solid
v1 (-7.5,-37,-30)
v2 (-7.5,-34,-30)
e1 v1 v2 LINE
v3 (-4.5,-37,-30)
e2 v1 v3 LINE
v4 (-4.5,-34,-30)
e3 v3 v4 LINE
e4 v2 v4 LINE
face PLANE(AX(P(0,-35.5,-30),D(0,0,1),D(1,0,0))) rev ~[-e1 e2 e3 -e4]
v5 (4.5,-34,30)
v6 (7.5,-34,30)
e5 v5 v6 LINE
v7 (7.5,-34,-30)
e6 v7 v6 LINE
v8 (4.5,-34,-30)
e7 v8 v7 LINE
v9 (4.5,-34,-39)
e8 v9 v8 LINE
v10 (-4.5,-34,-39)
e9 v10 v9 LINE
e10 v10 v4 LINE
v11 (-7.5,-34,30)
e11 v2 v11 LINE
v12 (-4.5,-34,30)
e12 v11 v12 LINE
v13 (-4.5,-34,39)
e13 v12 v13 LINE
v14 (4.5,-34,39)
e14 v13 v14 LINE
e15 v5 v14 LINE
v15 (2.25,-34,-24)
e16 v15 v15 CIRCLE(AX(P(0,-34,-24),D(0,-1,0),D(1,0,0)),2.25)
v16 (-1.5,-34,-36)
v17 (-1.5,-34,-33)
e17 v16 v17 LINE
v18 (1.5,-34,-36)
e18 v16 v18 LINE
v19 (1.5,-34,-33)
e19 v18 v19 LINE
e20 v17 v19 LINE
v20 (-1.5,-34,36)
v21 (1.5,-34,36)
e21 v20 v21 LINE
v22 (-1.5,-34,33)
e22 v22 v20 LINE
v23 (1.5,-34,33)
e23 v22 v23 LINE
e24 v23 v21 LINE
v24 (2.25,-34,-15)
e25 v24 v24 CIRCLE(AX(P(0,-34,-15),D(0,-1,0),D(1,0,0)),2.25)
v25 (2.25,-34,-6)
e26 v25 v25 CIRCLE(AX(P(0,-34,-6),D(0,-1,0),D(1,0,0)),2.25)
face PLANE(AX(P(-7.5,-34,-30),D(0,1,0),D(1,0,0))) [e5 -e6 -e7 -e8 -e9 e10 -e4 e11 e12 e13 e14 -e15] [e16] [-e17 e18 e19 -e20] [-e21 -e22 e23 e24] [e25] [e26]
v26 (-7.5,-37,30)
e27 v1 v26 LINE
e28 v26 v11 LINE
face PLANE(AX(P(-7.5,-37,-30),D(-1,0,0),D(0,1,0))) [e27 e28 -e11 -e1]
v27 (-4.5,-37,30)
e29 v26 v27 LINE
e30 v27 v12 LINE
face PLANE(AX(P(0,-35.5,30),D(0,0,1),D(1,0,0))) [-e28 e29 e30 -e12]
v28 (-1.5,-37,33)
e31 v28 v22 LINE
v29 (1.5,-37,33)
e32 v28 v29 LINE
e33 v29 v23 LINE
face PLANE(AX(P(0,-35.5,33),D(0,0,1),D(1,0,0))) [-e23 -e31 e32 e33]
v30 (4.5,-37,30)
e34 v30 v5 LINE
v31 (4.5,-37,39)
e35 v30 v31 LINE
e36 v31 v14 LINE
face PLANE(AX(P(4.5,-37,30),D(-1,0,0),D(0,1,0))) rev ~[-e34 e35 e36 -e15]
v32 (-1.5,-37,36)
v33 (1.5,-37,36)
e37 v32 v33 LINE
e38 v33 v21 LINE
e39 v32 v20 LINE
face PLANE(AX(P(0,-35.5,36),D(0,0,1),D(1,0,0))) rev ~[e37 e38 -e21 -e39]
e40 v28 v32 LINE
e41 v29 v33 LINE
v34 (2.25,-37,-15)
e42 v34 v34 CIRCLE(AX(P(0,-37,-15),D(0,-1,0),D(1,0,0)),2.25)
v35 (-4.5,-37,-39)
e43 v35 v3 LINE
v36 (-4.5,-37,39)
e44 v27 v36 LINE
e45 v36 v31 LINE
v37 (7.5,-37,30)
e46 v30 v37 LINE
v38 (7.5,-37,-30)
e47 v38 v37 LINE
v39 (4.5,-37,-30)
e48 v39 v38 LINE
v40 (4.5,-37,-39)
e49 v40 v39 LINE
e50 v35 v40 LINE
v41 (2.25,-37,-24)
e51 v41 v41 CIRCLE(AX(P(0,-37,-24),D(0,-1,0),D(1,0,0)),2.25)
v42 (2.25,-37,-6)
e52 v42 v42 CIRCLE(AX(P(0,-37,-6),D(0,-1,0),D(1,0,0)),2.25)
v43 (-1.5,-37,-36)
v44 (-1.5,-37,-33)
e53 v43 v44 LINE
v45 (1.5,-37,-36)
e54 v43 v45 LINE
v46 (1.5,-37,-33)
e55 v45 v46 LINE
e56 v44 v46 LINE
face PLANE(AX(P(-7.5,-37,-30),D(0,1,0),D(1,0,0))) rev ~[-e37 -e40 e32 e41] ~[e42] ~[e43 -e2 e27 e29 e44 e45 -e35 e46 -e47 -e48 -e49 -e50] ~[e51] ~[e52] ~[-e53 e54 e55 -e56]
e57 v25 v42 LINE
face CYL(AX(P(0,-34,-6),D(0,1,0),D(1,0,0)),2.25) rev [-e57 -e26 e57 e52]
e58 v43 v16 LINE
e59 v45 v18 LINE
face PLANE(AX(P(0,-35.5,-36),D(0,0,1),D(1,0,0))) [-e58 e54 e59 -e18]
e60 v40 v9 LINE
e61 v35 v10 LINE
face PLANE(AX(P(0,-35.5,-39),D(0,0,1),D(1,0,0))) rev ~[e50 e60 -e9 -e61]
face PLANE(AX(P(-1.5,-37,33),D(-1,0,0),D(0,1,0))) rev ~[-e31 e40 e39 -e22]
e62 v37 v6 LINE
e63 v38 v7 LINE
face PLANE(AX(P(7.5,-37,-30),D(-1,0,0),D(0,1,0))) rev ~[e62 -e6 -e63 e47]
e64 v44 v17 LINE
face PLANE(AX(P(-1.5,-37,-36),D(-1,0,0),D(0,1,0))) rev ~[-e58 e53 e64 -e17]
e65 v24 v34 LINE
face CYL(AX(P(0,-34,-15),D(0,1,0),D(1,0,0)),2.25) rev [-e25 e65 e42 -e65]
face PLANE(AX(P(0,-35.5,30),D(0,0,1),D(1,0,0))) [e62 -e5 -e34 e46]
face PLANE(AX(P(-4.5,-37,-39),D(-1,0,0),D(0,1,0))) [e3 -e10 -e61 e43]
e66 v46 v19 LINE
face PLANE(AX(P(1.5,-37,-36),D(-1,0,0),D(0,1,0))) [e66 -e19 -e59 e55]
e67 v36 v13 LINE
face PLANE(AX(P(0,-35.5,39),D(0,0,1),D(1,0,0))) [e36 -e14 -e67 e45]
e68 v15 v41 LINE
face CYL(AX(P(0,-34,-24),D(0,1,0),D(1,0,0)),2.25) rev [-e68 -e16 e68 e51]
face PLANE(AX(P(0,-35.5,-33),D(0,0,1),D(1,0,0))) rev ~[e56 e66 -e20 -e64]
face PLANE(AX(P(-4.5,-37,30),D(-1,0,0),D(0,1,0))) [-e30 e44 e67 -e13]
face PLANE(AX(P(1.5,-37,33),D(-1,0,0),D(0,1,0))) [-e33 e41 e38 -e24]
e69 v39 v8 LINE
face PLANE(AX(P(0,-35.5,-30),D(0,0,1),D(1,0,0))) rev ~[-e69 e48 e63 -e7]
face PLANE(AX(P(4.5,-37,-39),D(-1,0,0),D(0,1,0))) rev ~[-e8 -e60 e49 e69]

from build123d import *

# Parameters (mm, degrees)
CYLINDER005_R          = 2.25
CYLINDER005_DEPTH      = 3
CYLINDER005_ROLL_ANGLE = 90
CYLINDER006_R          = 2.25
CYLINDER006_DEPTH      = 3
CYLINDER006_ROLL_ANGLE = 90
CYLINDER004_R          = 2.25
CYLINDER004_DEPTH      = 3
CYLINDER004_ROLL_ANGLE = 90
BOX011_W               = 15
BOX011_H               = 3
BOX011_DEPTH           = 60
BOX010_W               = 3
BOX010_H               = 3
BOX010_DEPTH           = 3
BOX009_W               = 9
BOX009_H               = 3
BOX009_DEPTH           = 9
BOX013_W               = 3
BOX013_H               = 3
BOX013_DEPTH           = 3
BOX012_W               = 9
BOX012_H               = 3
BOX012_DEPTH           = 9


with BuildPart() as cylinder005:
    # Cylinder005 → Cylinder005 (new body)
    with BuildSketch(Plane.XY):
        Circle(CYLINDER005_R)
    extrude(amount=CYLINDER005_DEPTH)


with BuildPart() as cylinder005_1:
    # Cylinder005 roll: moved
    add(cylinder005.part.rotate(Axis((0, 0, 0), (1, 0, 0)), CYLINDER005_ROLL_ANGLE))


with BuildPart() as cylinder005_2:
    # Cylinder005 placement: moved
    add(cylinder005_1.part.moved(Location((0, -63, -3))))


with BuildPart() as cylinder006:
    # Cylinder006 → Cylinder006 (new body)
    with BuildSketch(Plane.XY):
        Circle(CYLINDER006_R)
    extrude(amount=CYLINDER006_DEPTH)


with BuildPart() as cylinder006_1:
    # Cylinder006 roll: moved
    add(cylinder006.part.rotate(Axis((0, 0, 0), (1, 0, 0)), CYLINDER006_ROLL_ANGLE))


with BuildPart() as cylinder006_2:
    # Cylinder006 placement: moved
    add(cylinder006_1.part.moved(Location((0, -63, -21))))


with BuildPart() as cylinder004:
    # Cylinder004 → Cylinder004 (new body)
    with BuildSketch(Plane.XY):
        Circle(CYLINDER004_R)
    extrude(amount=CYLINDER004_DEPTH)


with BuildPart() as cylinder004_1:
    # Cylinder004 roll: moved
    add(cylinder004.part.rotate(Axis((0, 0, 0), (1, 0, 0)), CYLINDER004_ROLL_ANGLE))


with BuildPart() as cylinder004_2:
    # Cylinder004 placement: moved
    add(cylinder004_1.part.moved(Location((0, -63, -12))))


with BuildPart() as cube011:
    # Box011 → Box011 (new body)
    with BuildSketch(Plane(origin=(-7.5, -66, -27), x_dir=(1, 0, 0), z_dir=(0, 0, 1))):
        with Locations((7.5, 1.5)):
            Rectangle(BOX011_W, BOX011_H)
    extrude(amount=BOX011_DEPTH)


with BuildPart() as cube010:
    # Box010 → Box010 (new body)
    with BuildSketch(Plane(origin=(-1.5, -66, 6), x_dir=(1, 0, 0), z_dir=(0, 0, 1))):
        with Locations((1.5, 1.5)):
            Rectangle(BOX010_W, BOX010_H)
    extrude(amount=BOX010_DEPTH)


with BuildPart() as cut010:
    # Box009 → Box009 (new body)
    with BuildSketch(Plane(origin=(-4.5, -66, 3), x_dir=(1, 0, 0), z_dir=(0, 0, 1))):
        with Locations((4.5, 1.5)):
            Rectangle(BOX009_W, BOX009_H)
    extrude(amount=BOX009_DEPTH)

    # Cut010: cut Cube010
    add(cube010.part, mode=Mode.SUBTRACT)


with BuildPart() as cut010_1:
    # Cut010 placement: moved
    add(cut010.part.moved(Location((0, 0, 30))))


with BuildPart() as cube013:
    # Box013 → Box013 (new body)
    with BuildSketch(Plane(origin=(-1.5, -66, 6), x_dir=(1, 0, 0), z_dir=(0, 0, 1))):
        with Locations((1.5, 1.5)):
            Rectangle(BOX013_W, BOX013_H)
    extrude(amount=BOX013_DEPTH)


with BuildPart() as pitchringconnector:
    # Box012 → Box012 (new body)
    with BuildSketch(Plane(origin=(-4.5, -66, 3), x_dir=(1, 0, 0), z_dir=(0, 0, 1))):
        with Locations((4.5, 1.5)):
            Rectangle(BOX012_W, BOX012_H)
    extrude(amount=BOX012_DEPTH)

    # Cut011: cut Cube013
    add(cube013.part, mode=Mode.SUBTRACT)


with BuildPart() as pitchringconnector_1:
    # Cut011 placement: moved
    add(pitchringconnector.part.moved(Location((0, 0, -39))))

    # Fusion: union Cube011, Cut010
    add(cube011.part)
    add(cut010_1.part)

    # Cut012: cut Cylinder004
    add(cylinder004_2.part, mode=Mode.SUBTRACT)

    # Cut013: cut Cylinder006
    add(cylinder006_2.part, mode=Mode.SUBTRACT)

    # Cut014: cut Cylinder005
    add(cylinder005_2.part, mode=Mode.SUBTRACT)


with BuildPart() as pitchringconnector_2:
    # Cut014 placement: moved
    add(pitchringconnector_1.part.moved(Location((0, 29, -3))))


solid = pitchringconnector_2.part
